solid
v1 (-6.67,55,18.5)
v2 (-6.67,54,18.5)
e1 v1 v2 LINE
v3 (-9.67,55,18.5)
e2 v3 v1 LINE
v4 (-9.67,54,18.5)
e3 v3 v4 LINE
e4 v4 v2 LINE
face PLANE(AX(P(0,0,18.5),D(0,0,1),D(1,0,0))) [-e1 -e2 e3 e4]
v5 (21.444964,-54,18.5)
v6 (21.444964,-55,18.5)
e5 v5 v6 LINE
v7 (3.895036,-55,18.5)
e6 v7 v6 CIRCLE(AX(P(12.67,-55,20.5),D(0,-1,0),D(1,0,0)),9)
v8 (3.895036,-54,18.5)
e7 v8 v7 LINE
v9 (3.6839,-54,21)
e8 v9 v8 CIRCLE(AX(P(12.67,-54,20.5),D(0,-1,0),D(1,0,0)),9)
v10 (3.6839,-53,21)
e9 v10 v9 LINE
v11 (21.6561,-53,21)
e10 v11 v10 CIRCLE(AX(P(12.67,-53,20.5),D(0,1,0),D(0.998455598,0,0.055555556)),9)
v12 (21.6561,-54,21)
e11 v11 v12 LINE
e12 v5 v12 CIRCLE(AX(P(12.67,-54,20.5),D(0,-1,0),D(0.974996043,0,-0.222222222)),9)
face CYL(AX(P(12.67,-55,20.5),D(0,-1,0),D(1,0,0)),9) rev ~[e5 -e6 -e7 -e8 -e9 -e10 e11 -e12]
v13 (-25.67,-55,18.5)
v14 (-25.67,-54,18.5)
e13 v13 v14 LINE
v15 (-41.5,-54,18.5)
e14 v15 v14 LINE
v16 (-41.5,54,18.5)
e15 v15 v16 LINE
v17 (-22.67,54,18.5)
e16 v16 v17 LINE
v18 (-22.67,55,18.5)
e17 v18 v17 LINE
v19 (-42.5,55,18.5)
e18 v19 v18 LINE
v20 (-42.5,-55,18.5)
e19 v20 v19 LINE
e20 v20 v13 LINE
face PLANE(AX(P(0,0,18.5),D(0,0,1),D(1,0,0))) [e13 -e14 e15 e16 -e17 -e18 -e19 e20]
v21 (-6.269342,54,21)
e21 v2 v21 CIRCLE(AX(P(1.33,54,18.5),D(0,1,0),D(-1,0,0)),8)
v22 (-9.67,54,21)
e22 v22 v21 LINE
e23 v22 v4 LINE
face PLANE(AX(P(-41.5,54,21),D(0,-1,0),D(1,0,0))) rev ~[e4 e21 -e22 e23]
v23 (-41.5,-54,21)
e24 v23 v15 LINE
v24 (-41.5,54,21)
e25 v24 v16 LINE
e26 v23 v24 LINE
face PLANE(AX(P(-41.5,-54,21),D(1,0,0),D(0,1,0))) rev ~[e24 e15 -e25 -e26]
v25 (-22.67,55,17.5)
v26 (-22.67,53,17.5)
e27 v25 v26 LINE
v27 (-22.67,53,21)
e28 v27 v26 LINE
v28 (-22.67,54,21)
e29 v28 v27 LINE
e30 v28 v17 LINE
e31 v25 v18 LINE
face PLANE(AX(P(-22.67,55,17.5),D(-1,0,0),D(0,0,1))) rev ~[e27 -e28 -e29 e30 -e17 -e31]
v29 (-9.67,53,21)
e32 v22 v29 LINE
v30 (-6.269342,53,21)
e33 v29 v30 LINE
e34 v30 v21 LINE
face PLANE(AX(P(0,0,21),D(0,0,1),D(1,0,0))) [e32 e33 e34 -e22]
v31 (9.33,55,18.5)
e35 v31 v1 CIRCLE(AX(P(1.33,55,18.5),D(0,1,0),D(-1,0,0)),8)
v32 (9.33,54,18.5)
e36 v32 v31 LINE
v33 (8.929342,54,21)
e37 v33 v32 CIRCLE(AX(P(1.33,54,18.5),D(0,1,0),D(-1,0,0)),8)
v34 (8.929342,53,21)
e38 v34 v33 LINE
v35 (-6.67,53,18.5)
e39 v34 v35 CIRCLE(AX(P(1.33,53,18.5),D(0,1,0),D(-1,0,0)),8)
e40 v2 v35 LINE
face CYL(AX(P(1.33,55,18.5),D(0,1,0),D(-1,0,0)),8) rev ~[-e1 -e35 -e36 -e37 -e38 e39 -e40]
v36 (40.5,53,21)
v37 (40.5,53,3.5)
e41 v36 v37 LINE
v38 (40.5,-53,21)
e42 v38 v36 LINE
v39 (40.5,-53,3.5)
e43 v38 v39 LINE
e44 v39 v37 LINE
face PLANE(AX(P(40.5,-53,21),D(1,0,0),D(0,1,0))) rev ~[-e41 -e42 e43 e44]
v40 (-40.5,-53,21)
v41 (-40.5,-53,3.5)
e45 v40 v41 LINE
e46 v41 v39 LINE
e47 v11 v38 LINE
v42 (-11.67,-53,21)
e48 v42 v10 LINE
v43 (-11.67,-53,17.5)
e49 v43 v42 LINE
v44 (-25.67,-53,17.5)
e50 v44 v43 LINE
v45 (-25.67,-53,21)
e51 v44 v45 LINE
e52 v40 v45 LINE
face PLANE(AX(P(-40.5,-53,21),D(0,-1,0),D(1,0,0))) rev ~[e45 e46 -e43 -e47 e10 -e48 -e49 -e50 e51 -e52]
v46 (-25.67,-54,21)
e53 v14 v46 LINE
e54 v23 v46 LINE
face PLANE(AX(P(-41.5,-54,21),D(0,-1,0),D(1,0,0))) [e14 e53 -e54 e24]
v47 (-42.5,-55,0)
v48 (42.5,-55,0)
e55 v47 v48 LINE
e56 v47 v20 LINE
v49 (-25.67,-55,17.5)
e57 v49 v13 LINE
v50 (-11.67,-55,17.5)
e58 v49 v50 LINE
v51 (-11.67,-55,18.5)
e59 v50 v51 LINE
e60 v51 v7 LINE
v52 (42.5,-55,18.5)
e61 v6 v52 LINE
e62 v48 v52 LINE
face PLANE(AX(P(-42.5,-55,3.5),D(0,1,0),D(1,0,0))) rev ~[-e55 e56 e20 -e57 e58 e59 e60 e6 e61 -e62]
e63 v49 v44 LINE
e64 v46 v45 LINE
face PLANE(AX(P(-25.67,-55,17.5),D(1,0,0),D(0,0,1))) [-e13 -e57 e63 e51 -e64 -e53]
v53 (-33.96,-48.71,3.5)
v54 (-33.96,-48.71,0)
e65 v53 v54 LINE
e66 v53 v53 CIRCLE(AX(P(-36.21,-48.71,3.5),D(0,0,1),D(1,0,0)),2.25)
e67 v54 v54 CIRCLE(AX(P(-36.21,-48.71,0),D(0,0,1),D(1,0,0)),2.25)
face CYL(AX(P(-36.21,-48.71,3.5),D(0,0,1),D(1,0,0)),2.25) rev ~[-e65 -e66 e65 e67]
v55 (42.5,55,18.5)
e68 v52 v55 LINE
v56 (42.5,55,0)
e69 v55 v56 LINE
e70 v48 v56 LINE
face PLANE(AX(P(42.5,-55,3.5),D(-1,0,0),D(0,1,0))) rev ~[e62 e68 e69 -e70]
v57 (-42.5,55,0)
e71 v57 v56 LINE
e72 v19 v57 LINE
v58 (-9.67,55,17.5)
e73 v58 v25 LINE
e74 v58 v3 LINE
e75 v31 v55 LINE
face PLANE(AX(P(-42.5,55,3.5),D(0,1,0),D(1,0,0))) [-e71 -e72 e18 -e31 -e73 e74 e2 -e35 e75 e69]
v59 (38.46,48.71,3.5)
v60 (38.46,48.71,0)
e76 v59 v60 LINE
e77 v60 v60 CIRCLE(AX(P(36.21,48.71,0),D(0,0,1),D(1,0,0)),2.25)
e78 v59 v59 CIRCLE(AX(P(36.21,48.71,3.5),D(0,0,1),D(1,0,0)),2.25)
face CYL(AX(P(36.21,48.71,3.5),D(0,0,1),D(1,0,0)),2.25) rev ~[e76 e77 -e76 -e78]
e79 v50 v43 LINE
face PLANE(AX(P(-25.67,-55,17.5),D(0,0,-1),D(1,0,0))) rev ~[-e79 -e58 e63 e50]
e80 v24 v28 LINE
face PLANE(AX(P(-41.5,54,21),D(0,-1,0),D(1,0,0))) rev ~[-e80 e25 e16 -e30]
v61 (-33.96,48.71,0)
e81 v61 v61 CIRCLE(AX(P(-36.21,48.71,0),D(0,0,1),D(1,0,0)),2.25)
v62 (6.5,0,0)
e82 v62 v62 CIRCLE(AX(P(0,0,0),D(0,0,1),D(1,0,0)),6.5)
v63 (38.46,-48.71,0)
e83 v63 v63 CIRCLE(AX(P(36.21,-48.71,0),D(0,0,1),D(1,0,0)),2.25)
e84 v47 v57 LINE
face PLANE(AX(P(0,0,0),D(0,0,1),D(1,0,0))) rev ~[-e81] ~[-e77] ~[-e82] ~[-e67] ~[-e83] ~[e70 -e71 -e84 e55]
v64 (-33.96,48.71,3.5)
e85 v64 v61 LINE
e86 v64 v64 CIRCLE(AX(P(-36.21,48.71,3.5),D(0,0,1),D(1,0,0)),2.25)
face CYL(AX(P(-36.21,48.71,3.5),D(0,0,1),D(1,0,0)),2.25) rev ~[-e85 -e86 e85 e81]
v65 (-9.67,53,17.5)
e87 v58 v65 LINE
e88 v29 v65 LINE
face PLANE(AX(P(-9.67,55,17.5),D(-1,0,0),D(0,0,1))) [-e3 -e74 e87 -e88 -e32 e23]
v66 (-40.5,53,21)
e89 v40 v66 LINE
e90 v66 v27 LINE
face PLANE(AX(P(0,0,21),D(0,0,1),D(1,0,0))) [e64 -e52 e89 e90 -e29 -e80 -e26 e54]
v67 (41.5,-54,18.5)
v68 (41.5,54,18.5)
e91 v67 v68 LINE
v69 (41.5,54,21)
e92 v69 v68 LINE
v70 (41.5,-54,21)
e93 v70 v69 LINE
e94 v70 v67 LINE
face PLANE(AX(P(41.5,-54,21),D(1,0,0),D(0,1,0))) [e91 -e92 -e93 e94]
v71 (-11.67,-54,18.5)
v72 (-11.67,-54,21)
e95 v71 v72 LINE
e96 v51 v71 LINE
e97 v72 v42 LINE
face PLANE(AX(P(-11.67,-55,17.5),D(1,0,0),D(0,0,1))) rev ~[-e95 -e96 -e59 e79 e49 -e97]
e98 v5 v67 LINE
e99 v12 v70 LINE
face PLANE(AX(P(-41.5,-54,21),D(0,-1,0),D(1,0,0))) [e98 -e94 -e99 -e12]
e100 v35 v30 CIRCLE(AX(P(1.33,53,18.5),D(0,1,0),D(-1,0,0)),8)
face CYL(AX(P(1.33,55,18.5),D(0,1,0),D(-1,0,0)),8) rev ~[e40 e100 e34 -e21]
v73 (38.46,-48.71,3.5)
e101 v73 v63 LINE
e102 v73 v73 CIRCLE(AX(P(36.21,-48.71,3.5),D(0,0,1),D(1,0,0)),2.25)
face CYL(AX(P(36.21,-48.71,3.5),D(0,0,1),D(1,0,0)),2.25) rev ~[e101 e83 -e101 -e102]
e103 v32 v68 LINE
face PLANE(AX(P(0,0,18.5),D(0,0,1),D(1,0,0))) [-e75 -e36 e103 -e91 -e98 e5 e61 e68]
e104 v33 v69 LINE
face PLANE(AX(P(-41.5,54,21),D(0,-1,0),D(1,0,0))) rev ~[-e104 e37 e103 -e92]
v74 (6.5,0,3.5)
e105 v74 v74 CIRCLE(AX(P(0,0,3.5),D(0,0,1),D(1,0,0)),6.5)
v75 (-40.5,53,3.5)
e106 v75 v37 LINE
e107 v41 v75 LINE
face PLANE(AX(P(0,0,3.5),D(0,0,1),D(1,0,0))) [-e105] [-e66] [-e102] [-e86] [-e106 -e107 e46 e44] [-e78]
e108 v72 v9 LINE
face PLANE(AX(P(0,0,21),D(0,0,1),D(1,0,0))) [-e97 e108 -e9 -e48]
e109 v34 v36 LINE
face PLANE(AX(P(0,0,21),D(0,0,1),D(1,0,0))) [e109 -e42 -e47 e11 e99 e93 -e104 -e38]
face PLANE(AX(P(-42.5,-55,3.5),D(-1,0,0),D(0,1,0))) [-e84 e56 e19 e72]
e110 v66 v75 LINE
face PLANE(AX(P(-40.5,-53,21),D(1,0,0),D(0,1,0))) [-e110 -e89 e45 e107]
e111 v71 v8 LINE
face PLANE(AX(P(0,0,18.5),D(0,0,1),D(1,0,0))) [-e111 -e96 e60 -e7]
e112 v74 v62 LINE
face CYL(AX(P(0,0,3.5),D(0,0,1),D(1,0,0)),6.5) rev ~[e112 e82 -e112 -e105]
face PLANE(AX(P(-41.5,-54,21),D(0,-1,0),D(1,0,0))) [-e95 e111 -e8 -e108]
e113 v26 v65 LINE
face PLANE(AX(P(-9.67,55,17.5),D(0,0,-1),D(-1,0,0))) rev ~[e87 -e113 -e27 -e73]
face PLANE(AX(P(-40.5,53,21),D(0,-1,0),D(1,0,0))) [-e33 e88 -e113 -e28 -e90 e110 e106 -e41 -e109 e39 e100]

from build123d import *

# Parameters (mm, degrees)
SKETCH_W        = 85
SKETCH_H        = 110
PAD_DEPTH       = 3.5
SKETCH001_W     = 85
SKETCH001_H     = 110
PAD001_DEPTH    = 17.5
SKETCH002_W     = 81
SKETCH002_H     = 106
POCKET_DEPTH    = 17.5
SKETCH003_W     = 85
SKETCH003_H     = 110
SKETCH003_W_2   = 83
SKETCH003_H_2   = 108
POCKET001_DEPTH = 2.5
SKETCH004_R     = 9
SKETCH004_W     = 14
SKETCH004_H     = 12
POCKET002_DEPTH = 5
SKETCH005_R     = 8
SKETCH005_W     = 13
SKETCH005_H     = 12
POCKET003_DEPTH = 5
SKETCH006_R     = 2.25
POCKET004_DEPTH = 5
SKETCH007_R     = 6.5
POCKET005_DEPTH = 5


with BuildPart() as part:
    # Sketch → Pad (new body)
    with BuildSketch(Plane.XY):
        Rectangle(SKETCH_W, SKETCH_H)
    extrude(amount=PAD_DEPTH)

    # Sketch001 (on Face6 of Pad) → Pad001 (join)
    with BuildSketch(Plane.XY.offset(3.5)):
        Rectangle(SKETCH001_W, SKETCH001_H)
    extrude(amount=PAD001_DEPTH)

    # Sketch002 (on Face9 of Pad001) → Pocket (cut)
    with BuildSketch(Plane.XY.offset(21)):
        Rectangle(SKETCH002_W, SKETCH002_H)
    extrude(amount=-POCKET_DEPTH, mode=Mode.SUBTRACT)

    # Sketch003 (on Face9 of Pocket) → Pocket001 (cut)
    with BuildSketch(Plane.XY.offset(21)):
        Rectangle(SKETCH003_W, SKETCH003_H)
        Rectangle(SKETCH003_W_2, SKETCH003_H_2, mode=Mode.SUBTRACT)
    extrude(amount=-POCKET001_DEPTH, mode=Mode.SUBTRACT)

    # Sketch004 (on Face10 of Pocket001) → Pocket002 (cut)
    with BuildSketch(Plane.XZ.offset(55)):
        with Locations((12.67, 20.5)):
            Circle(SKETCH004_R)
        with Locations((-18.67, 23.5)):
            Rectangle(SKETCH004_W, SKETCH004_H)
    extrude(amount=-POCKET002_DEPTH, mode=Mode.SUBTRACT)

    # Sketch005 (on Face5 of Pocket002) → Pocket003 (cut)
    with BuildSketch(Plane(origin=(0, 55, 0), x_dir=(-1, 0, 0), z_dir=(0, 1, 0))):
        with Locations((-1.33, 18.5)):
            Circle(SKETCH005_R)
        with Locations((16.17, 23.5)):
            Rectangle(SKETCH005_W, SKETCH005_H)
    extrude(amount=-POCKET003_DEPTH, mode=Mode.SUBTRACT)

    # Sketch006 (on Face39 of Pocket003) → Pocket004 (cut)
    with BuildSketch(Plane.XY.offset(3.5)):
        with Locations((-36.21, 48.71)):
            Circle(SKETCH006_R)
        with Locations((36.21, 48.71)):
            Circle(SKETCH006_R)
        with Locations((-36.21, -48.71)):
            Circle(SKETCH006_R)
        with Locations((36.21, -48.71)):
            Circle(SKETCH006_R)
    extrude(amount=-POCKET004_DEPTH, mode=Mode.SUBTRACT)

    # Sketch007 (on Face21 of Pocket004) → Pocket005 (cut)
    with BuildSketch(Plane.XY.offset(3.5)):
        Circle(SKETCH007_R)
    extrude(amount=-POCKET005_DEPTH, mode=Mode.SUBTRACT)


solid = part.part
